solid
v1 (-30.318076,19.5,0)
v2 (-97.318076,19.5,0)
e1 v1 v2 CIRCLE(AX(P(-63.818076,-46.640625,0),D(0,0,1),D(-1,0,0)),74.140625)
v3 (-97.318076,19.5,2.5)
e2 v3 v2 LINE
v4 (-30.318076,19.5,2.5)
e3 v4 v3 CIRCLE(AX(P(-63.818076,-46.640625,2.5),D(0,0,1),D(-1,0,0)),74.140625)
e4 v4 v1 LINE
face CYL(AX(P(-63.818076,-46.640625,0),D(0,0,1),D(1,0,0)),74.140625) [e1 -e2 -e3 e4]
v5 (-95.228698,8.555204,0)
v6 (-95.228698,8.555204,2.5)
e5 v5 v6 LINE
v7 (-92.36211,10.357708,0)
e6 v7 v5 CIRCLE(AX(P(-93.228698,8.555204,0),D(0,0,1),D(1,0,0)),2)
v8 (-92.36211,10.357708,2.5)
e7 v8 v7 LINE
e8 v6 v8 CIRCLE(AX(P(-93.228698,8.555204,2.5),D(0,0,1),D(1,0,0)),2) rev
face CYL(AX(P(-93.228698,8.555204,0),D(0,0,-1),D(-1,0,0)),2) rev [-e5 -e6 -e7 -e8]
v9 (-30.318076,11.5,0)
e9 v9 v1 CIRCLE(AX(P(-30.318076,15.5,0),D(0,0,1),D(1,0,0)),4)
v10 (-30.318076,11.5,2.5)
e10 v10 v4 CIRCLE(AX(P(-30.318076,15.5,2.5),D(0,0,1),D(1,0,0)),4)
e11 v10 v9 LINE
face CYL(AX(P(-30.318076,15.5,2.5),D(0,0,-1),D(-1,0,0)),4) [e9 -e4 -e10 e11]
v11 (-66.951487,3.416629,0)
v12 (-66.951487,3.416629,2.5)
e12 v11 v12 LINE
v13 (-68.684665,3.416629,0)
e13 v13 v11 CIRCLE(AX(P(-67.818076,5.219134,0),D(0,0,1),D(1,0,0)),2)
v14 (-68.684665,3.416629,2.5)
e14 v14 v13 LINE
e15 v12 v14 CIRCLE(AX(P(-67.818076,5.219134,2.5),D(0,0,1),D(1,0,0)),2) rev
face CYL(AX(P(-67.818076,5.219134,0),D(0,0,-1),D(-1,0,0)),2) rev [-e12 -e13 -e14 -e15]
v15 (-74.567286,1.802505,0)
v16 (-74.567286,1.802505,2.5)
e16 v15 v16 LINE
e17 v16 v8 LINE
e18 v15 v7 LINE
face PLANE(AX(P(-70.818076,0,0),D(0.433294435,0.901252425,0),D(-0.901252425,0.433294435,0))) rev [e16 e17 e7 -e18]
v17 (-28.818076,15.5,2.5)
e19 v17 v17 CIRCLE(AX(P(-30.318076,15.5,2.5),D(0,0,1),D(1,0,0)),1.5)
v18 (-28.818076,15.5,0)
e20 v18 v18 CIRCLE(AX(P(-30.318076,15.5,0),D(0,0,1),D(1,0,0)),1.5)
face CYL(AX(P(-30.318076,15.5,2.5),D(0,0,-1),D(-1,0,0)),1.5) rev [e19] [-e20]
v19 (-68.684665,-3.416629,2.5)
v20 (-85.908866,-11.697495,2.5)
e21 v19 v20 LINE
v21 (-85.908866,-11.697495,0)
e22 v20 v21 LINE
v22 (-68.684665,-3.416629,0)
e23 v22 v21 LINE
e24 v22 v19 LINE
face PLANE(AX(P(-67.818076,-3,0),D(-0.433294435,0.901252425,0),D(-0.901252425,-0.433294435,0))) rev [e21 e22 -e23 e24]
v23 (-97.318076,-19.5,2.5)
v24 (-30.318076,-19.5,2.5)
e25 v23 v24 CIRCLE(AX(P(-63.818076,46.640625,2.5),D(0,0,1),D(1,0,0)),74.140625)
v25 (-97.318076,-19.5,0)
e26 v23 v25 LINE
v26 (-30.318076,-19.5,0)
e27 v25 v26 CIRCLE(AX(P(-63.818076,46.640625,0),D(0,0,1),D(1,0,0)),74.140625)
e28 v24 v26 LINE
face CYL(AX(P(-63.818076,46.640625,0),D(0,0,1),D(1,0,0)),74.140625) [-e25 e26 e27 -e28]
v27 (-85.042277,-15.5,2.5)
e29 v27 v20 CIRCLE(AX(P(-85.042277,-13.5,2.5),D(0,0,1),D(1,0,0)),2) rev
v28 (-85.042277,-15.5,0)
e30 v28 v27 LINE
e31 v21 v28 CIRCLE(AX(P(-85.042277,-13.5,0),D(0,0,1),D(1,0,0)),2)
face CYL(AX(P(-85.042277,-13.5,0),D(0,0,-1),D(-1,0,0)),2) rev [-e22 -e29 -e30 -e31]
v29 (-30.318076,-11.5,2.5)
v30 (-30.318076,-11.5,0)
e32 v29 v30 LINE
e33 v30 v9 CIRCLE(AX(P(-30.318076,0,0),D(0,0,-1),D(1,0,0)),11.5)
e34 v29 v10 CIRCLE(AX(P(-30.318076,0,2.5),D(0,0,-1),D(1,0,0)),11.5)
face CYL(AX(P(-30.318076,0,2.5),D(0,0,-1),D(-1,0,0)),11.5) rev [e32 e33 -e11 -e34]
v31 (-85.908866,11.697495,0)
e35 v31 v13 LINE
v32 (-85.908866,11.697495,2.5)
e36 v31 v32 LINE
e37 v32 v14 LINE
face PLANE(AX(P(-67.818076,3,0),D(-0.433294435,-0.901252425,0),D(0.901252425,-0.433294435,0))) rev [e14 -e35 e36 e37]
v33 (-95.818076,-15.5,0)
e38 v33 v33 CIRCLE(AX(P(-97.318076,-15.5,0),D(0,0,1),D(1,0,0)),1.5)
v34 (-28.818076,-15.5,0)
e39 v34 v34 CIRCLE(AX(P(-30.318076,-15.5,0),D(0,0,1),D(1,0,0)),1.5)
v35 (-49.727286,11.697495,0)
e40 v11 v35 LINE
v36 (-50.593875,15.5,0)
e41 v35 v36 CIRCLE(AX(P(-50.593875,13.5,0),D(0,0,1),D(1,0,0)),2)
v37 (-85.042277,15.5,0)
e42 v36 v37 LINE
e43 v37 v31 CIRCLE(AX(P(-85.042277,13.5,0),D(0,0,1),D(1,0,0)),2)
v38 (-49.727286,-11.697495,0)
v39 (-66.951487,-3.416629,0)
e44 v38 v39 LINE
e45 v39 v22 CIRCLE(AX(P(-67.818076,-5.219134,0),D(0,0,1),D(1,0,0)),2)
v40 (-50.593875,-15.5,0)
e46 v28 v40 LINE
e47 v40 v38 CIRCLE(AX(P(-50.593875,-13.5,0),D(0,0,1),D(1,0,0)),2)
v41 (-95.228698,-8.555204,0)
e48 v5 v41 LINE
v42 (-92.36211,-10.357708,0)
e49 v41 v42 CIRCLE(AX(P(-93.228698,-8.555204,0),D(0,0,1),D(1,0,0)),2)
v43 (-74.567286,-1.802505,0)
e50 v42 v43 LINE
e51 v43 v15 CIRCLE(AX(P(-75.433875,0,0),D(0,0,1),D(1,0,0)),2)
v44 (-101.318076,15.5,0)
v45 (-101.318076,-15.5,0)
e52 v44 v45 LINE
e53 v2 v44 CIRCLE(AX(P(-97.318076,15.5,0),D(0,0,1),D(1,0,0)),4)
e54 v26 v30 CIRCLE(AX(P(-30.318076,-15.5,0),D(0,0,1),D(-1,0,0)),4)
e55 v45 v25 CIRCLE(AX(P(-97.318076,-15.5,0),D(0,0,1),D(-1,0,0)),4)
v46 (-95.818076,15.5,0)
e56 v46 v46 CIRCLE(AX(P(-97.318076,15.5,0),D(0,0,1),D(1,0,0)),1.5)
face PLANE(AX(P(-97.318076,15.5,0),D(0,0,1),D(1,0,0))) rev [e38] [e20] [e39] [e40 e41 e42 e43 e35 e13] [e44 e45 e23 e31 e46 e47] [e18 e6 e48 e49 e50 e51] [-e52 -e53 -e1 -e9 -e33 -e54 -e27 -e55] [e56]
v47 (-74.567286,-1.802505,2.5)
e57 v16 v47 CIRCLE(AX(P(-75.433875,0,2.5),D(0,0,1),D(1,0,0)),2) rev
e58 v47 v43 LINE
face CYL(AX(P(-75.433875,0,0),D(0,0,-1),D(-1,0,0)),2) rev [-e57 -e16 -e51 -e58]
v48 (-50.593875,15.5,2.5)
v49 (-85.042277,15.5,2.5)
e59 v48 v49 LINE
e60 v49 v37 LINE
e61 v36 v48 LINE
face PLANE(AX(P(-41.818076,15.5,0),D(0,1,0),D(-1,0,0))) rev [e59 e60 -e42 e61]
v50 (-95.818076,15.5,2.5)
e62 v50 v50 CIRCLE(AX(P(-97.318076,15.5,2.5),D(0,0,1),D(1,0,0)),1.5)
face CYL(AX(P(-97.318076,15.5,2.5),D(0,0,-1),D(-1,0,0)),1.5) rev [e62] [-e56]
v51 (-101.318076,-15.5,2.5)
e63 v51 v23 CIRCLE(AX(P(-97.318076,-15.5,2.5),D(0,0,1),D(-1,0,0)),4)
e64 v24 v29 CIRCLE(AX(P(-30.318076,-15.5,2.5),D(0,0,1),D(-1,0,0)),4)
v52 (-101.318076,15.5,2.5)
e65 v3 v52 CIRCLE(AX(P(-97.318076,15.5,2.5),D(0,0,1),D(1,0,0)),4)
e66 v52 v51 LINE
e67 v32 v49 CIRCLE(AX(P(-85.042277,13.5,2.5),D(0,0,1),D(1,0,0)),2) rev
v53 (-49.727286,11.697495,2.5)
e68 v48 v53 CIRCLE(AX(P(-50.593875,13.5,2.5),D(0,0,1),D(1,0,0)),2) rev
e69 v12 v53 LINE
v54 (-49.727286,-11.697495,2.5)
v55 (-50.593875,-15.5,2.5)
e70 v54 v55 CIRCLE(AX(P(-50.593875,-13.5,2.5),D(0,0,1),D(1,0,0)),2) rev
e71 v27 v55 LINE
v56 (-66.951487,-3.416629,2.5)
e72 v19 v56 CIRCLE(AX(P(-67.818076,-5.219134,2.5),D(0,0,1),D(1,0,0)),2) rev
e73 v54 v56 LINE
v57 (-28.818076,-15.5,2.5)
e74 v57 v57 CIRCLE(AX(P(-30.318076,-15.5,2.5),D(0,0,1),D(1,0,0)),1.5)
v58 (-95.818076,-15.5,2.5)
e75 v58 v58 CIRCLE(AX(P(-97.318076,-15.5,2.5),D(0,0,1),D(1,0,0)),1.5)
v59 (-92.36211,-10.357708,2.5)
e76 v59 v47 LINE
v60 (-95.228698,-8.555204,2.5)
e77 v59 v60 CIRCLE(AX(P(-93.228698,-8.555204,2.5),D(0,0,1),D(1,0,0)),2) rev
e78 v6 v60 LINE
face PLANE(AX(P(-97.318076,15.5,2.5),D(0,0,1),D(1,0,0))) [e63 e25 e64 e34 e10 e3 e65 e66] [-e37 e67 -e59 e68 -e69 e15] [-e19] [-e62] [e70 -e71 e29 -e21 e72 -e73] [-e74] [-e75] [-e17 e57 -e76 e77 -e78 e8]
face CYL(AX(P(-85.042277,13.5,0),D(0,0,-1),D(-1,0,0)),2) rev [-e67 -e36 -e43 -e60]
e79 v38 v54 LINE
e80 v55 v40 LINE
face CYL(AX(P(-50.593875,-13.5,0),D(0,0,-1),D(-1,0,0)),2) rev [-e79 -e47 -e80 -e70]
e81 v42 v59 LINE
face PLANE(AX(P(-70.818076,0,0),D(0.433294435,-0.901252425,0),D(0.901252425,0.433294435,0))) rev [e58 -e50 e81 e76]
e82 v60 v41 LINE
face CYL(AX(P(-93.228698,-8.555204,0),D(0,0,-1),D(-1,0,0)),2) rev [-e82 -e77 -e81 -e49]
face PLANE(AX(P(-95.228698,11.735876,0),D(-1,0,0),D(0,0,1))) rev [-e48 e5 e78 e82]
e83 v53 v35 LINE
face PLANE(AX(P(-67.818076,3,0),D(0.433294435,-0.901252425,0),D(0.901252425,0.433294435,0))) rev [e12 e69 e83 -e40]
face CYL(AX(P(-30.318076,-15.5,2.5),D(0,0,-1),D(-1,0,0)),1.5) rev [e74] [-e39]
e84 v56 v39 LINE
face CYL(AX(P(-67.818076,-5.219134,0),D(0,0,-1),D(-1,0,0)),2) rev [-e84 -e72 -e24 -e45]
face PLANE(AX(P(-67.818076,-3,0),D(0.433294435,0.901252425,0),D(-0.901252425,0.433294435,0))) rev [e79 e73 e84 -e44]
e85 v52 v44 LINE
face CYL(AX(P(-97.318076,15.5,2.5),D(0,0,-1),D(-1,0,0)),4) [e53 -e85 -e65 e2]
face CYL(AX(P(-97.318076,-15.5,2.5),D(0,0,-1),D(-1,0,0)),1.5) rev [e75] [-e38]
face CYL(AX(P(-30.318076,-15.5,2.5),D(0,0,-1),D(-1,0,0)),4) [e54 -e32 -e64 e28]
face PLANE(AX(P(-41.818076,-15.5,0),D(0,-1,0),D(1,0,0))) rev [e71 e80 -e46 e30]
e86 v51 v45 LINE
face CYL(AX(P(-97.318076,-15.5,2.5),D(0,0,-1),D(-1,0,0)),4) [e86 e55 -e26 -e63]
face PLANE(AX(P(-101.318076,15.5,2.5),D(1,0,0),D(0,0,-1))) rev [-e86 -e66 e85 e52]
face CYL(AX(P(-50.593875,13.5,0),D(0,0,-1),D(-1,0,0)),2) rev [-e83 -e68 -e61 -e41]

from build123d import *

# Parameters (mm, degrees)
CROQUIS2_R              = 1.5
SALIENTE_EXTRUIR1_DEPTH = 2.5
CORTAR_EXTRUIR1_DEPTH   = 2.5
REDONDEO1_R             = 2
SALIENTE_EXTRUIR2_DEPTH = 2.5


with BuildPart() as part:
    # Croquis2 → Saliente-Extruir1 (new body)
    with BuildSketch(Plane.XY):
        with BuildLine():
            Line((-97.318076, 19.5), (-30.318076, 19.5))
            ThreePointArc((-30.318076, 19.5), (-26.318076, 15.5), (-30.318076, 11.5))
            ThreePointArc((-30.318076, 11.5), (-41.818076, 0), (-30.318076, -11.5))
            ThreePointArc((-30.318076, -11.5), (-26.318076, -15.5), (-30.318076, -19.5))
            Line((-30.318076, -19.5), (-97.318076, -19.5))
            ThreePointArc((-97.318076, -19.5), (-100.146503125, -18.328427125), (-101.318076, -15.5))
            Line((-101.318076, -15.5), (-101.318076, 15.5))
            ThreePointArc((-101.318076, 15.5), (-100.146503125, 18.328427125), (-97.318076, 19.5))
        make_face()
        with Locations((-97.318076, 15.5)):
            Circle(CROQUIS2_R, mode=Mode.SUBTRACT)
        with Locations((-30.318076, 15.5)):
            Circle(CROQUIS2_R, mode=Mode.SUBTRACT)
        with Locations((-30.318076, -15.5)):
            Circle(CROQUIS2_R, mode=Mode.SUBTRACT)
        with Locations((-97.318076, -15.5)):
            Circle(CROQUIS2_R, mode=Mode.SUBTRACT)
    extrude(amount=SALIENTE_EXTRUIR1_DEPTH)

    # Croquis3 → Cortar-Extruir1 (cut)
    with BuildSketch(Plane.XY.offset(2.5)):
        Polygon((-67.818076, 3), (-41.818076, 15.5), (-93.818076, 15.5), align=None)
        Polygon((-67.818076, -3), (-93.818076, -15.5), (-41.818076, -15.5), align=None)
        Polygon((-70.818076, 0), (-95.228698469, 11.735876187), (-95.228698469, -11.735876187), align=None)
    extrude(amount=-CORTAR_EXTRUIR1_DEPTH, mode=Mode.SUBTRACT)

    # Redondeo1
    redondeo1_edges = [part.edges().sort_by_distance(p)[0] for p in [
        (-67.818076, -3, 1.25),
        (-41.818076, -15.5, 1.25),
        (-93.818076, -15.5, 1.25),
        (-70.818076, 0, 1.25),
        (-95.228698469, -11.735876187, 1.25),
        (-95.228698469, 11.735876187, 1.25),
        (-67.818076, 3, 1.25),
        (-93.818076, 15.5, 1.25),
        (-41.818076, 15.5, 1.25),
    ]]
    fillet(redondeo1_edges, radius=REDONDEO1_R)

    # Croquis5 → Saliente-Extruir2 (add)
    with BuildSketch(Plane.XY.offset(2.5)):
        with BuildLine():
            Line((-97.318076, 19.5), (-30.318076, 19.5))
            ThreePointArc((-30.318076, 19.5), (-63.818076, 27.5), (-97.318076, 19.5))
        make_face()
        with BuildLine():
            Line((-97.318076, -19.5), (-30.318076, -19.5))
            ThreePointArc((-30.318076, -19.5), (-63.818076, -27.5), (-97.318076, -19.5))
        make_face()
    extrude(amount=-SALIENTE_EXTRUIR2_DEPTH)


solid = part.part
